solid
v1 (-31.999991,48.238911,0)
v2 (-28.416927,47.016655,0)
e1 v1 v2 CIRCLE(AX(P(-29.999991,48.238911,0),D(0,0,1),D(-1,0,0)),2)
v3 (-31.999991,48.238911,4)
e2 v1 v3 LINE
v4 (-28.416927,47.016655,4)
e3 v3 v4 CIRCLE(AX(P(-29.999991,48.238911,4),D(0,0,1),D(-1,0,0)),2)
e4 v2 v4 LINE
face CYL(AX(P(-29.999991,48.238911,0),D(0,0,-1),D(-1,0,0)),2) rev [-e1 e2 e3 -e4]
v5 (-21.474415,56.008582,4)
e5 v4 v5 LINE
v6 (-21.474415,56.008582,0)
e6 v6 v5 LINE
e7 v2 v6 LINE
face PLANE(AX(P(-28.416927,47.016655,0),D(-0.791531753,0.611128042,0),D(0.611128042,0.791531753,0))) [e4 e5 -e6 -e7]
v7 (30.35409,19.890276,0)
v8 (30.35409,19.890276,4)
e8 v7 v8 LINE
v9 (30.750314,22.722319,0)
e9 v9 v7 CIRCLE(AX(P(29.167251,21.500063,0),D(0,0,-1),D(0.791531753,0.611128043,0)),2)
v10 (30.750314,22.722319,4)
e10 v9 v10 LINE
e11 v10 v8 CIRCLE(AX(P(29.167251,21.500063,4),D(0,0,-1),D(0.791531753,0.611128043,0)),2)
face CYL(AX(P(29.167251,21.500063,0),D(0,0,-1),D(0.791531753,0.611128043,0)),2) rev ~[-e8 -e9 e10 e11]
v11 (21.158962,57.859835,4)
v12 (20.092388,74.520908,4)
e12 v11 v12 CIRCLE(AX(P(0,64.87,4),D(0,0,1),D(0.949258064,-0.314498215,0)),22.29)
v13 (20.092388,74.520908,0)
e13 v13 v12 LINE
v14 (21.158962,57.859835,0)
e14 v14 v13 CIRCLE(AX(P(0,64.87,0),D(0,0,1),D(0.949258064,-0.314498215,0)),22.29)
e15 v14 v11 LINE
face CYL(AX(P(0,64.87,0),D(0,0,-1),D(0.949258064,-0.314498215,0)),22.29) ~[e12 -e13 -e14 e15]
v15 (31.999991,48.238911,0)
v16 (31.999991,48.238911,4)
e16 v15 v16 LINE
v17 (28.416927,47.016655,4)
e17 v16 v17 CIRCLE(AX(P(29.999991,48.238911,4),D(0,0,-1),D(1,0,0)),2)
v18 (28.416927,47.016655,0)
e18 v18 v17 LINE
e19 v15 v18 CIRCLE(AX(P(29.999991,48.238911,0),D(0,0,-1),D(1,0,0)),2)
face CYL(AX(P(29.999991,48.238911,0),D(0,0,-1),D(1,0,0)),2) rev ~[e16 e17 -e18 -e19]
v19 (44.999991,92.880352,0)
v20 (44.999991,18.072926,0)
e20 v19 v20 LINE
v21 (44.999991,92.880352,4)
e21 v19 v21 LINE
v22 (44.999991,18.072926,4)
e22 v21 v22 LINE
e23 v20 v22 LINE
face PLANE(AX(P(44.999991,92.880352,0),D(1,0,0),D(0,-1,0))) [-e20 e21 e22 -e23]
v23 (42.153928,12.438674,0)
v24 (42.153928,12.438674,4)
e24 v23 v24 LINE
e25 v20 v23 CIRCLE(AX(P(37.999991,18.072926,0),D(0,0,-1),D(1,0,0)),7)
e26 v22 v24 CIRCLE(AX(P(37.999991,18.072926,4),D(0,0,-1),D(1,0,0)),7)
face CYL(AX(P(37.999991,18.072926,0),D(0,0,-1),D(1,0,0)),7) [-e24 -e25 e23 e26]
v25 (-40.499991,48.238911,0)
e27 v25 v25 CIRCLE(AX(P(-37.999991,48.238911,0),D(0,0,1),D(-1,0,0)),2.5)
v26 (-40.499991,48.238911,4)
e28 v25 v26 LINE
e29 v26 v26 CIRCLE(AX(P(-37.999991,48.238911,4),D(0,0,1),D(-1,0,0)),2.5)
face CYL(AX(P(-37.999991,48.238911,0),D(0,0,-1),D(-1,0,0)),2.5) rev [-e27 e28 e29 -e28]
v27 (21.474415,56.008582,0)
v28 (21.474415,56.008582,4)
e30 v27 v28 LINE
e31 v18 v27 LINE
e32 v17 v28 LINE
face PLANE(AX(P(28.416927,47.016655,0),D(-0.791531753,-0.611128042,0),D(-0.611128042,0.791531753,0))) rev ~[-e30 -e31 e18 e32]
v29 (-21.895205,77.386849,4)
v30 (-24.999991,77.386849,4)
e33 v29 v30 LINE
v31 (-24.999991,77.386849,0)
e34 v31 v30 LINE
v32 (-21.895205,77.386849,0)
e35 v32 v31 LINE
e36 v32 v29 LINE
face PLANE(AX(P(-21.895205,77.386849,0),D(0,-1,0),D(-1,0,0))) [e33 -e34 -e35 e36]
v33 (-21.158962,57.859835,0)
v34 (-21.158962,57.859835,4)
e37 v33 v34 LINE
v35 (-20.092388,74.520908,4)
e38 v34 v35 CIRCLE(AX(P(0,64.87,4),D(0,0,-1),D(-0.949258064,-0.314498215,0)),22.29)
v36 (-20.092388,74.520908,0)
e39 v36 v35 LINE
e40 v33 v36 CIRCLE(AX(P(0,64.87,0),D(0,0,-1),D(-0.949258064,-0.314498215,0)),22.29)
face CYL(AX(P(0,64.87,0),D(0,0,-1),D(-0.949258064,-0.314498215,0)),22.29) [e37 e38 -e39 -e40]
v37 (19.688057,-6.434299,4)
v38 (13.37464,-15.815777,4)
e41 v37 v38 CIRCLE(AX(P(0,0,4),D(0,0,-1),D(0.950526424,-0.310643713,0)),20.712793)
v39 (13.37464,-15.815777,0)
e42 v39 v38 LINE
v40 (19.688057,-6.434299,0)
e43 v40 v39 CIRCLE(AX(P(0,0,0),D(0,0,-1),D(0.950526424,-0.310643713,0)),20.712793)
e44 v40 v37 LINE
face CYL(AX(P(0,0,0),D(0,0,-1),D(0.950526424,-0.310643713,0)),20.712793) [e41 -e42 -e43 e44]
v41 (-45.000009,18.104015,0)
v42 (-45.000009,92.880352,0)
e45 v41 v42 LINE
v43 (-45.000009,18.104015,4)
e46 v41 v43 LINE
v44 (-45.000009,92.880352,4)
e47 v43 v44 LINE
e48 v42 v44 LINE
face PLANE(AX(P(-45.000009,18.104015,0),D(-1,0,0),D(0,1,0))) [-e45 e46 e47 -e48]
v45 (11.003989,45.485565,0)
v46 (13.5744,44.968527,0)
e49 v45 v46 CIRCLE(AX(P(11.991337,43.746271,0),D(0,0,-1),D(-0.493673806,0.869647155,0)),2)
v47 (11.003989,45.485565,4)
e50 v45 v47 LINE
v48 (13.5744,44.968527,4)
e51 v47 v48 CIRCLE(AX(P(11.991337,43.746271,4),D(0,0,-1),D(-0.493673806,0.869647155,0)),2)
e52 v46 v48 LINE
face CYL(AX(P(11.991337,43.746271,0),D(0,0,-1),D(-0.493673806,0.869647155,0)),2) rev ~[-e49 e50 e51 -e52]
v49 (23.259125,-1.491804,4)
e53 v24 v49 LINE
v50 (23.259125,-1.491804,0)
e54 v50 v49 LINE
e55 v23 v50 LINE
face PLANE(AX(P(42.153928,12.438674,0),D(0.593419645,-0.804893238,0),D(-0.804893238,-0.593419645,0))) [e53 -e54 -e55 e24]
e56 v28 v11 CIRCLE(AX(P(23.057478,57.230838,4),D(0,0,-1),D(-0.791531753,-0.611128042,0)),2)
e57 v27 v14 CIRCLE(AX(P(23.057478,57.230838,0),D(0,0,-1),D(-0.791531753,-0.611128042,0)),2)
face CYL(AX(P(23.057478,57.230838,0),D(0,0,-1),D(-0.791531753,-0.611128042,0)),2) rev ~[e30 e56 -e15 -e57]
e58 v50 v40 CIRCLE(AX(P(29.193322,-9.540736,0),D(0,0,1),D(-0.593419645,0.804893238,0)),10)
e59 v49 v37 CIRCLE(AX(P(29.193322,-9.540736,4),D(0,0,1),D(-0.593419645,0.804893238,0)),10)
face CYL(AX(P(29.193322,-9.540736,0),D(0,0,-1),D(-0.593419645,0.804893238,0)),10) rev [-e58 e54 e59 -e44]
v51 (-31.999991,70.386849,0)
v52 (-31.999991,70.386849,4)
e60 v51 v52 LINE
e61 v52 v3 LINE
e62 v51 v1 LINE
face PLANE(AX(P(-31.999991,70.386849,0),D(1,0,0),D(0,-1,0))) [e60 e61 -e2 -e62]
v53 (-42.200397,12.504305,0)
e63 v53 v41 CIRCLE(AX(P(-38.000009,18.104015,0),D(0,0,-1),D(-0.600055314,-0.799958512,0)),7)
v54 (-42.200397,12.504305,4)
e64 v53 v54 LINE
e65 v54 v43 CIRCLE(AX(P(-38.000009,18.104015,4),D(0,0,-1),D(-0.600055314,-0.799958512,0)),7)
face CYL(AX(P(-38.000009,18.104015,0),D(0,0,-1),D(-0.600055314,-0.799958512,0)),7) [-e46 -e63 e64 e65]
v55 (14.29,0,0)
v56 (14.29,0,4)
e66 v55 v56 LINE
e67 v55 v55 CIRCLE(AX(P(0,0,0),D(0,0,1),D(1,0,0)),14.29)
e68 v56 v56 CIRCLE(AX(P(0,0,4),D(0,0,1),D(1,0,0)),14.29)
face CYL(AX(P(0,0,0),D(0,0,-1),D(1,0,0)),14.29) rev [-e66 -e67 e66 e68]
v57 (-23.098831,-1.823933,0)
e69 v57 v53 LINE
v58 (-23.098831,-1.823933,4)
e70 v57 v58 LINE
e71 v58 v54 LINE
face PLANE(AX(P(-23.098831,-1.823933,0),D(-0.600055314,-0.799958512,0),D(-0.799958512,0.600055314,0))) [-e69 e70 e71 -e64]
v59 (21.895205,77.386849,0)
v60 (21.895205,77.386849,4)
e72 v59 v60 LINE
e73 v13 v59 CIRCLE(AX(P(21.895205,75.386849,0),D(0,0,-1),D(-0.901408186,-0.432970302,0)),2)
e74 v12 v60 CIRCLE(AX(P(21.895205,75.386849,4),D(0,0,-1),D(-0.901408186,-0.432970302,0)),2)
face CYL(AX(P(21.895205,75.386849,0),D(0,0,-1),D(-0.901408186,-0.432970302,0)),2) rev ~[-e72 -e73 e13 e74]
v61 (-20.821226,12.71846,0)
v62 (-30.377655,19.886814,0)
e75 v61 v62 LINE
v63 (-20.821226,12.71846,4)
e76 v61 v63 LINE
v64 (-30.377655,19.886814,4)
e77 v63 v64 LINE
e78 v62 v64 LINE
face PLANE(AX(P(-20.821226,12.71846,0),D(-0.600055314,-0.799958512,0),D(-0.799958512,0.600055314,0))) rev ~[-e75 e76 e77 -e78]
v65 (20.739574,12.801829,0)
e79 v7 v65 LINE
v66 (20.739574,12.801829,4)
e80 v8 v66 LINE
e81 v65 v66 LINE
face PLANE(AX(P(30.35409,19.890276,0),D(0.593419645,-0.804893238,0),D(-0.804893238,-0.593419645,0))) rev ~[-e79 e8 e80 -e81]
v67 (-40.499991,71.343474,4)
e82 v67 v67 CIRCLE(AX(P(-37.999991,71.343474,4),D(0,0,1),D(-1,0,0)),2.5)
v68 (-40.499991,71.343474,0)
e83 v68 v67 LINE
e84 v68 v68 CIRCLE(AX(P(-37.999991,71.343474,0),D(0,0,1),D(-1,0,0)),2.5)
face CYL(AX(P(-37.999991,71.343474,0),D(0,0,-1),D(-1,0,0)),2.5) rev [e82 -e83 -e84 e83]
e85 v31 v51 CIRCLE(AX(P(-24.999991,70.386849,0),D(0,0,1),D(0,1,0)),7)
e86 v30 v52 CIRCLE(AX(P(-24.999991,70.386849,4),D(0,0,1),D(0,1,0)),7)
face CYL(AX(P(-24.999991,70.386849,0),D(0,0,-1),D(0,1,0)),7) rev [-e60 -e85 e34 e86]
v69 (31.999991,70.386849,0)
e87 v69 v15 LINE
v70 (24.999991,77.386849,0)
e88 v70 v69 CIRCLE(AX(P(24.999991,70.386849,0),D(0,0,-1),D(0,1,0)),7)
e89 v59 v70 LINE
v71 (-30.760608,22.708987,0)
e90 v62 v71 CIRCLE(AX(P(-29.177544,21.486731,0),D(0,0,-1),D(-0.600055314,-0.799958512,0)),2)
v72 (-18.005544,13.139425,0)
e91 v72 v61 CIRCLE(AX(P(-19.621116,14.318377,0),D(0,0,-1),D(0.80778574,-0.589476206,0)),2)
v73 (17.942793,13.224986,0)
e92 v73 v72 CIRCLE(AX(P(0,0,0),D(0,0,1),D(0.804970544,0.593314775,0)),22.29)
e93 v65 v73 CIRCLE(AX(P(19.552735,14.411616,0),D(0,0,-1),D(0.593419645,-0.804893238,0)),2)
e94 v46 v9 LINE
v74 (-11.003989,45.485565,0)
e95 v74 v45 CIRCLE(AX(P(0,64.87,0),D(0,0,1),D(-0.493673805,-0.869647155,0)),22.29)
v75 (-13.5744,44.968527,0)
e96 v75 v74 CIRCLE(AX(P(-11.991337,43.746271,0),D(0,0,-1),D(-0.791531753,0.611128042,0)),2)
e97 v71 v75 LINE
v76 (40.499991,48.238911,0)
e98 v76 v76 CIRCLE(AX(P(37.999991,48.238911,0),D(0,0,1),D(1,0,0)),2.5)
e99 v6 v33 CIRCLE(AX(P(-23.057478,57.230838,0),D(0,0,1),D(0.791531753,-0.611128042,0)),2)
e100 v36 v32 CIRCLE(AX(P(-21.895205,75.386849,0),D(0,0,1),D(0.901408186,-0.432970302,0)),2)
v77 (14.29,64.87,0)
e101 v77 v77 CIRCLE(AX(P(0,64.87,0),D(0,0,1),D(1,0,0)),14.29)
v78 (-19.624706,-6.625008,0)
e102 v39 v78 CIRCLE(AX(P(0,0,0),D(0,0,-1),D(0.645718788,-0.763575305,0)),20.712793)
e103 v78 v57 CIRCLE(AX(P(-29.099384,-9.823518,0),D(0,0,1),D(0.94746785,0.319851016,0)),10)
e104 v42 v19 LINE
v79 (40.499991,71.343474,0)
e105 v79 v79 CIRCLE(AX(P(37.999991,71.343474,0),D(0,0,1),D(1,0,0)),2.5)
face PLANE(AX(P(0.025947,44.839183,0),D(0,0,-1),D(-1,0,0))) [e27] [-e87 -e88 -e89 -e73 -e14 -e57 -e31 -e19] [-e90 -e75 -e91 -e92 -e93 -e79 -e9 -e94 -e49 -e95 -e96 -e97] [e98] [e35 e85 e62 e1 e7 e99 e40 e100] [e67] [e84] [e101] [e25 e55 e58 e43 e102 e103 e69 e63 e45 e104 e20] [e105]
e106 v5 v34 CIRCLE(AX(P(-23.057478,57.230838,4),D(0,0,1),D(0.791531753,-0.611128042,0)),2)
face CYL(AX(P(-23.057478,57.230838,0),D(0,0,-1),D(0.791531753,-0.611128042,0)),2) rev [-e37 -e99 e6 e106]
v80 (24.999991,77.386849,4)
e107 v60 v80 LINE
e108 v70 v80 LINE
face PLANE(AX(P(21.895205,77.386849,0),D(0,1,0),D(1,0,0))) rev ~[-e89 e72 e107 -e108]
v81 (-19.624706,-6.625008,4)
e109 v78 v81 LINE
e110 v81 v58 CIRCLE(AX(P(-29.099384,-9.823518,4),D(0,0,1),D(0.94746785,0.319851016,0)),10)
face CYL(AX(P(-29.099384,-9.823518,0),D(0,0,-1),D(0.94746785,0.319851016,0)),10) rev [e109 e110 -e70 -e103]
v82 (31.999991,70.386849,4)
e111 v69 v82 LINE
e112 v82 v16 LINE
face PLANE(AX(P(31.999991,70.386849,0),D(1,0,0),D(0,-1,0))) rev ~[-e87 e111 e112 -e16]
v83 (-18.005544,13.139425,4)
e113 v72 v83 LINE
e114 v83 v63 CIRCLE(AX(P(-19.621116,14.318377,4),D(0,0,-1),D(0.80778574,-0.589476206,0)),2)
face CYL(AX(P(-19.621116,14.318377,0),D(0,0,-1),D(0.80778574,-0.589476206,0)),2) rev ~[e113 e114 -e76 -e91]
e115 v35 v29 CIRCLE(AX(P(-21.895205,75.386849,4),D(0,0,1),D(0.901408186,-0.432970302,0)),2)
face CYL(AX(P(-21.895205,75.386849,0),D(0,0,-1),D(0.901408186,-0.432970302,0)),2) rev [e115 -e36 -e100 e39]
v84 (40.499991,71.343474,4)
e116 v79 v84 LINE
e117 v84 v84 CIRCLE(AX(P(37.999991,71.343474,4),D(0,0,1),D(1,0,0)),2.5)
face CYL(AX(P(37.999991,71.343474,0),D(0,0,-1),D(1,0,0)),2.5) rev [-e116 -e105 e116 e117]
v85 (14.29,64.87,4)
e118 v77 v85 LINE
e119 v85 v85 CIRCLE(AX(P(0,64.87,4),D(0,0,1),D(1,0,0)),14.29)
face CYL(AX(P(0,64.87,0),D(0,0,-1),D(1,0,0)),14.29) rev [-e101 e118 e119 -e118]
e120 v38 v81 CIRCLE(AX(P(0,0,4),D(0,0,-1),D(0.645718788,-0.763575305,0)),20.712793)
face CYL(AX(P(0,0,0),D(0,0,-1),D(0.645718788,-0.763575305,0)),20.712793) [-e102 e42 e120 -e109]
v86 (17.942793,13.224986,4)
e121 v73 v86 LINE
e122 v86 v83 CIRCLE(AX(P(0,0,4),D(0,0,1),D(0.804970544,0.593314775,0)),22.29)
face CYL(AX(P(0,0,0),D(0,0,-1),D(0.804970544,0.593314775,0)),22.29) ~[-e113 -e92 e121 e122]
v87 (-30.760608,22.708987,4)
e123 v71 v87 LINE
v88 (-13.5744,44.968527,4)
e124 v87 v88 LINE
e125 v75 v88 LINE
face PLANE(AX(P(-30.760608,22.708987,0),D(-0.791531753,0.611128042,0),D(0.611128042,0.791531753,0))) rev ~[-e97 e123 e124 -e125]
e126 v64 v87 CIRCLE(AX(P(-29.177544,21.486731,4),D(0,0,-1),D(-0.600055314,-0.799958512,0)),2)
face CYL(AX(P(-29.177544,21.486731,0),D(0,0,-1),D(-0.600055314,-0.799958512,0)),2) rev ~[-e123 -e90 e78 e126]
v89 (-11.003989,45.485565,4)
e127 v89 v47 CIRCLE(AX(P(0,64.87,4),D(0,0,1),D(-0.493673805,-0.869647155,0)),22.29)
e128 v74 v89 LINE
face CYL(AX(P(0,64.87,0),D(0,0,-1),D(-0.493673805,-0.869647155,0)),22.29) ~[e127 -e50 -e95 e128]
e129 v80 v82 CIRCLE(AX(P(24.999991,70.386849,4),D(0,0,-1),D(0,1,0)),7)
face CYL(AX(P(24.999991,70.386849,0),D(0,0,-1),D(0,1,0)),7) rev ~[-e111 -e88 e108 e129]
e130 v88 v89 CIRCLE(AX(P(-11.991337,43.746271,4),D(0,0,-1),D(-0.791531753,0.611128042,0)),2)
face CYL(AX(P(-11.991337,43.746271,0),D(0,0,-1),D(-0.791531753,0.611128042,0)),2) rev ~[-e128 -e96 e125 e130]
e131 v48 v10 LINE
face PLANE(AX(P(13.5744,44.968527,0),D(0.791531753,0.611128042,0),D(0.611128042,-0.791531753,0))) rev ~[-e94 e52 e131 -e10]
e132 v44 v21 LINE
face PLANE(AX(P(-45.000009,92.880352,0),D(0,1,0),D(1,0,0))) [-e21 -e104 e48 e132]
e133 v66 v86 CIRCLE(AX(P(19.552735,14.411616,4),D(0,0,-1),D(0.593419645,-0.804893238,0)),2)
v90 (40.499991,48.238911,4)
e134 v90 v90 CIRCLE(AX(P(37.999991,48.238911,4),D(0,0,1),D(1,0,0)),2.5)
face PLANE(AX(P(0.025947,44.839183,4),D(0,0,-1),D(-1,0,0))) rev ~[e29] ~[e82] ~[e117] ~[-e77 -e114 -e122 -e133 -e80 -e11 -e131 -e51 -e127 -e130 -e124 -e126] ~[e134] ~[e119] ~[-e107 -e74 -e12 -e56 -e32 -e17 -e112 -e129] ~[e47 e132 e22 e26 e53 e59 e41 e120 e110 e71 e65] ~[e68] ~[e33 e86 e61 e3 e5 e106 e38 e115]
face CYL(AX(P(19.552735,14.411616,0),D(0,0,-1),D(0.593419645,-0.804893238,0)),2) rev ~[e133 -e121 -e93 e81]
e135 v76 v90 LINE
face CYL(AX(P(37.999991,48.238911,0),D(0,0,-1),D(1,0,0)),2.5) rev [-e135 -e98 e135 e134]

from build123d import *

# Parameters (mm, degrees)
SKETCH1_R           = 14.29
SKETCH1_R_2         = 2.5
BOSS_EXTRUDE1_DEPTH = 4


with BuildPart() as part:
    # Sketch1 → Boss-Extrude1 (new body)
    with BuildSketch(Plane.XY):
        with BuildLine():
            Line((42.153928026, 12.438673777), (23.259125181, -1.491803793))
            ThreePointArc((23.259125181, -1.491803793), (21.087687699, -3.684227098), (19.688057389, -6.434299039))
            ThreePointArc((19.688057389, -6.434299039), (17.183961156, -11.564224439), (13.374639809, -15.815777498))
            ThreePointArc((13.374639809, -15.815777498), (-5.55728281, -19.953356), (-19.624705783, -6.625007986))
            ThreePointArc((-19.624705783, -6.625007986), (-20.997947453, -3.961204504), (-23.098831149, -1.823933026))
            Line((-23.098831149, -1.823933026), (-42.200396688, 12.504304927))
            ThreePointArc((-42.200396688, 12.504304927), (-44.261108051, 14.973735796), (-45.00000949, 18.104014507))
            Line((-45.00000949, 18.104014507), (-45.00000949, 85.67919791))
            Line((-45.00000949, 85.67919791), (-45.00000949, 92.880351926))
            Line((-45.00000949, 92.880351926), (44.99999051, 92.880351926))
            Line((44.99999051, 92.880351926), (44.99999051, 90.002365232))
            Line((44.99999051, 90.002365232), (44.99999051, 18.072926444))
            ThreePointArc((44.99999051, 18.072926444), (44.248092726, 14.916786603), (42.153928026, 12.438673777))
        make_face()
        Circle(SKETCH1_R, mode=Mode.SUBTRACT)
        with Locations((0, 64.87)):
            Circle(SKETCH1_R, mode=Mode.SUBTRACT)
        with Locations((37.99999051, 48.238911282)):
            Circle(SKETCH1_R_2, mode=Mode.SUBTRACT)
        with Locations((37.99999051, 71.343473564)):
            Circle(SKETCH1_R_2, mode=Mode.SUBTRACT)
        with Locations(Location((-37.99999051, 48.238911282, 0), (0, 0, 180))):
            Circle(SKETCH1_R_2, mode=Mode.SUBTRACT)
        with Locations(Location((-37.99999051, 71.343473564, 0), (0, 0, 180))):
            Circle(SKETCH1_R_2, mode=Mode.SUBTRACT)
        with BuildLine():
            Line((13.574400229, 44.968526689), (30.750314435, 22.722318802))
            ThreePointArc((30.750314435, 22.722318802), (31.147959551, 21.222946572), (30.35409022, 19.890276241))
            Line((30.35409022, 19.890276241), (20.739573812, 12.80182942))
            ThreePointArc((20.739573812, 12.80182942), (19.25353688, 12.434122338), (17.942793433, 13.224986345))
            ThreePointArc((17.942793433, 13.224986345), (-0.05305295, 22.289936864), (-18.005544161, 13.139424624))
            ThreePointArc((-18.005544161, 13.139424624), (-19.325388182, 12.340361548), (-20.821226271, 12.718460012))
            Line((-20.821226271, 12.718460012), (-30.377654795, 19.886813915))
            ThreePointArc((-30.377654795, 19.886813915), (-31.159381655, 21.217806836), (-30.760607673, 22.708987023))
            Line((-30.760607673, 22.708987023), (-13.574400229, 44.968526689))
            ThreePointArc((-13.574400229, 44.968526689), (-12.385736887, 45.706997131), (-11.003989114, 45.485564914))
            ThreePointArc((-11.003989114, 45.485564914), (0, 42.58), (11.003989114, 45.485564914))
            ThreePointArc((11.003989114, 45.485564914), (12.385736887, 45.706997131), (13.574400229, 44.968526689))
        make_face(mode=Mode.SUBTRACT)
        with BuildLine():
            Line((21.895204833, 77.38684864), (24.99999051, 77.38684864))
            ThreePointArc((24.99999051, 77.38684864), (29.949737978, 75.336596108), (31.99999051, 70.38684864))
            Line((31.99999051, 70.38684864), (31.99999051, 48.238911282))
            ThreePointArc((31.99999051, 48.238911282), (30.645696708, 46.346013105), (28.416927004, 47.016655197))
            Line((28.416927004, 47.016655197), (21.474414878, 56.008582273))
            ThreePointArc((21.474414878, 56.008582273), (21.085896999, 56.894881748), (21.158962255, 57.859834788))
            ThreePointArc((21.158962255, 57.859834788), (22.244467277, 66.293999852), (20.092388461, 74.520908036))
            ThreePointArc((20.092388461, 74.520908036), (20.202295915, 76.451770889), (21.895204833, 77.38684864))
        make_face(mode=Mode.SUBTRACT)
        with BuildLine():
            Line((-31.99999051, 70.38684864), (-31.99999051, 48.238911282))
            ThreePointArc((-31.99999051, 48.238911282), (-30.645696708, 46.346013105), (-28.416927004, 47.016655197))
            Line((-28.416927004, 47.016655197), (-21.474414878, 56.008582273))
            ThreePointArc((-21.474414878, 56.008582273), (-21.085896999, 56.894881748), (-21.158962255, 57.859834788))
            ThreePointArc((-21.158962255, 57.859834788), (-22.244467277, 66.293999852), (-20.092388461, 74.520908036))
            ThreePointArc((-20.092388461, 74.520908036), (-20.202295915, 76.451770889), (-21.895204833, 77.38684864))
            Line((-21.895204833, 77.38684864), (-24.99999051, 77.38684864))
            ThreePointArc((-24.99999051, 77.38684864), (-29.949737978, 75.336596108), (-31.99999051, 70.38684864))
        make_face(mode=Mode.SUBTRACT)
    extrude(amount=BOSS_EXTRUDE1_DEPTH)


solid = part.part
